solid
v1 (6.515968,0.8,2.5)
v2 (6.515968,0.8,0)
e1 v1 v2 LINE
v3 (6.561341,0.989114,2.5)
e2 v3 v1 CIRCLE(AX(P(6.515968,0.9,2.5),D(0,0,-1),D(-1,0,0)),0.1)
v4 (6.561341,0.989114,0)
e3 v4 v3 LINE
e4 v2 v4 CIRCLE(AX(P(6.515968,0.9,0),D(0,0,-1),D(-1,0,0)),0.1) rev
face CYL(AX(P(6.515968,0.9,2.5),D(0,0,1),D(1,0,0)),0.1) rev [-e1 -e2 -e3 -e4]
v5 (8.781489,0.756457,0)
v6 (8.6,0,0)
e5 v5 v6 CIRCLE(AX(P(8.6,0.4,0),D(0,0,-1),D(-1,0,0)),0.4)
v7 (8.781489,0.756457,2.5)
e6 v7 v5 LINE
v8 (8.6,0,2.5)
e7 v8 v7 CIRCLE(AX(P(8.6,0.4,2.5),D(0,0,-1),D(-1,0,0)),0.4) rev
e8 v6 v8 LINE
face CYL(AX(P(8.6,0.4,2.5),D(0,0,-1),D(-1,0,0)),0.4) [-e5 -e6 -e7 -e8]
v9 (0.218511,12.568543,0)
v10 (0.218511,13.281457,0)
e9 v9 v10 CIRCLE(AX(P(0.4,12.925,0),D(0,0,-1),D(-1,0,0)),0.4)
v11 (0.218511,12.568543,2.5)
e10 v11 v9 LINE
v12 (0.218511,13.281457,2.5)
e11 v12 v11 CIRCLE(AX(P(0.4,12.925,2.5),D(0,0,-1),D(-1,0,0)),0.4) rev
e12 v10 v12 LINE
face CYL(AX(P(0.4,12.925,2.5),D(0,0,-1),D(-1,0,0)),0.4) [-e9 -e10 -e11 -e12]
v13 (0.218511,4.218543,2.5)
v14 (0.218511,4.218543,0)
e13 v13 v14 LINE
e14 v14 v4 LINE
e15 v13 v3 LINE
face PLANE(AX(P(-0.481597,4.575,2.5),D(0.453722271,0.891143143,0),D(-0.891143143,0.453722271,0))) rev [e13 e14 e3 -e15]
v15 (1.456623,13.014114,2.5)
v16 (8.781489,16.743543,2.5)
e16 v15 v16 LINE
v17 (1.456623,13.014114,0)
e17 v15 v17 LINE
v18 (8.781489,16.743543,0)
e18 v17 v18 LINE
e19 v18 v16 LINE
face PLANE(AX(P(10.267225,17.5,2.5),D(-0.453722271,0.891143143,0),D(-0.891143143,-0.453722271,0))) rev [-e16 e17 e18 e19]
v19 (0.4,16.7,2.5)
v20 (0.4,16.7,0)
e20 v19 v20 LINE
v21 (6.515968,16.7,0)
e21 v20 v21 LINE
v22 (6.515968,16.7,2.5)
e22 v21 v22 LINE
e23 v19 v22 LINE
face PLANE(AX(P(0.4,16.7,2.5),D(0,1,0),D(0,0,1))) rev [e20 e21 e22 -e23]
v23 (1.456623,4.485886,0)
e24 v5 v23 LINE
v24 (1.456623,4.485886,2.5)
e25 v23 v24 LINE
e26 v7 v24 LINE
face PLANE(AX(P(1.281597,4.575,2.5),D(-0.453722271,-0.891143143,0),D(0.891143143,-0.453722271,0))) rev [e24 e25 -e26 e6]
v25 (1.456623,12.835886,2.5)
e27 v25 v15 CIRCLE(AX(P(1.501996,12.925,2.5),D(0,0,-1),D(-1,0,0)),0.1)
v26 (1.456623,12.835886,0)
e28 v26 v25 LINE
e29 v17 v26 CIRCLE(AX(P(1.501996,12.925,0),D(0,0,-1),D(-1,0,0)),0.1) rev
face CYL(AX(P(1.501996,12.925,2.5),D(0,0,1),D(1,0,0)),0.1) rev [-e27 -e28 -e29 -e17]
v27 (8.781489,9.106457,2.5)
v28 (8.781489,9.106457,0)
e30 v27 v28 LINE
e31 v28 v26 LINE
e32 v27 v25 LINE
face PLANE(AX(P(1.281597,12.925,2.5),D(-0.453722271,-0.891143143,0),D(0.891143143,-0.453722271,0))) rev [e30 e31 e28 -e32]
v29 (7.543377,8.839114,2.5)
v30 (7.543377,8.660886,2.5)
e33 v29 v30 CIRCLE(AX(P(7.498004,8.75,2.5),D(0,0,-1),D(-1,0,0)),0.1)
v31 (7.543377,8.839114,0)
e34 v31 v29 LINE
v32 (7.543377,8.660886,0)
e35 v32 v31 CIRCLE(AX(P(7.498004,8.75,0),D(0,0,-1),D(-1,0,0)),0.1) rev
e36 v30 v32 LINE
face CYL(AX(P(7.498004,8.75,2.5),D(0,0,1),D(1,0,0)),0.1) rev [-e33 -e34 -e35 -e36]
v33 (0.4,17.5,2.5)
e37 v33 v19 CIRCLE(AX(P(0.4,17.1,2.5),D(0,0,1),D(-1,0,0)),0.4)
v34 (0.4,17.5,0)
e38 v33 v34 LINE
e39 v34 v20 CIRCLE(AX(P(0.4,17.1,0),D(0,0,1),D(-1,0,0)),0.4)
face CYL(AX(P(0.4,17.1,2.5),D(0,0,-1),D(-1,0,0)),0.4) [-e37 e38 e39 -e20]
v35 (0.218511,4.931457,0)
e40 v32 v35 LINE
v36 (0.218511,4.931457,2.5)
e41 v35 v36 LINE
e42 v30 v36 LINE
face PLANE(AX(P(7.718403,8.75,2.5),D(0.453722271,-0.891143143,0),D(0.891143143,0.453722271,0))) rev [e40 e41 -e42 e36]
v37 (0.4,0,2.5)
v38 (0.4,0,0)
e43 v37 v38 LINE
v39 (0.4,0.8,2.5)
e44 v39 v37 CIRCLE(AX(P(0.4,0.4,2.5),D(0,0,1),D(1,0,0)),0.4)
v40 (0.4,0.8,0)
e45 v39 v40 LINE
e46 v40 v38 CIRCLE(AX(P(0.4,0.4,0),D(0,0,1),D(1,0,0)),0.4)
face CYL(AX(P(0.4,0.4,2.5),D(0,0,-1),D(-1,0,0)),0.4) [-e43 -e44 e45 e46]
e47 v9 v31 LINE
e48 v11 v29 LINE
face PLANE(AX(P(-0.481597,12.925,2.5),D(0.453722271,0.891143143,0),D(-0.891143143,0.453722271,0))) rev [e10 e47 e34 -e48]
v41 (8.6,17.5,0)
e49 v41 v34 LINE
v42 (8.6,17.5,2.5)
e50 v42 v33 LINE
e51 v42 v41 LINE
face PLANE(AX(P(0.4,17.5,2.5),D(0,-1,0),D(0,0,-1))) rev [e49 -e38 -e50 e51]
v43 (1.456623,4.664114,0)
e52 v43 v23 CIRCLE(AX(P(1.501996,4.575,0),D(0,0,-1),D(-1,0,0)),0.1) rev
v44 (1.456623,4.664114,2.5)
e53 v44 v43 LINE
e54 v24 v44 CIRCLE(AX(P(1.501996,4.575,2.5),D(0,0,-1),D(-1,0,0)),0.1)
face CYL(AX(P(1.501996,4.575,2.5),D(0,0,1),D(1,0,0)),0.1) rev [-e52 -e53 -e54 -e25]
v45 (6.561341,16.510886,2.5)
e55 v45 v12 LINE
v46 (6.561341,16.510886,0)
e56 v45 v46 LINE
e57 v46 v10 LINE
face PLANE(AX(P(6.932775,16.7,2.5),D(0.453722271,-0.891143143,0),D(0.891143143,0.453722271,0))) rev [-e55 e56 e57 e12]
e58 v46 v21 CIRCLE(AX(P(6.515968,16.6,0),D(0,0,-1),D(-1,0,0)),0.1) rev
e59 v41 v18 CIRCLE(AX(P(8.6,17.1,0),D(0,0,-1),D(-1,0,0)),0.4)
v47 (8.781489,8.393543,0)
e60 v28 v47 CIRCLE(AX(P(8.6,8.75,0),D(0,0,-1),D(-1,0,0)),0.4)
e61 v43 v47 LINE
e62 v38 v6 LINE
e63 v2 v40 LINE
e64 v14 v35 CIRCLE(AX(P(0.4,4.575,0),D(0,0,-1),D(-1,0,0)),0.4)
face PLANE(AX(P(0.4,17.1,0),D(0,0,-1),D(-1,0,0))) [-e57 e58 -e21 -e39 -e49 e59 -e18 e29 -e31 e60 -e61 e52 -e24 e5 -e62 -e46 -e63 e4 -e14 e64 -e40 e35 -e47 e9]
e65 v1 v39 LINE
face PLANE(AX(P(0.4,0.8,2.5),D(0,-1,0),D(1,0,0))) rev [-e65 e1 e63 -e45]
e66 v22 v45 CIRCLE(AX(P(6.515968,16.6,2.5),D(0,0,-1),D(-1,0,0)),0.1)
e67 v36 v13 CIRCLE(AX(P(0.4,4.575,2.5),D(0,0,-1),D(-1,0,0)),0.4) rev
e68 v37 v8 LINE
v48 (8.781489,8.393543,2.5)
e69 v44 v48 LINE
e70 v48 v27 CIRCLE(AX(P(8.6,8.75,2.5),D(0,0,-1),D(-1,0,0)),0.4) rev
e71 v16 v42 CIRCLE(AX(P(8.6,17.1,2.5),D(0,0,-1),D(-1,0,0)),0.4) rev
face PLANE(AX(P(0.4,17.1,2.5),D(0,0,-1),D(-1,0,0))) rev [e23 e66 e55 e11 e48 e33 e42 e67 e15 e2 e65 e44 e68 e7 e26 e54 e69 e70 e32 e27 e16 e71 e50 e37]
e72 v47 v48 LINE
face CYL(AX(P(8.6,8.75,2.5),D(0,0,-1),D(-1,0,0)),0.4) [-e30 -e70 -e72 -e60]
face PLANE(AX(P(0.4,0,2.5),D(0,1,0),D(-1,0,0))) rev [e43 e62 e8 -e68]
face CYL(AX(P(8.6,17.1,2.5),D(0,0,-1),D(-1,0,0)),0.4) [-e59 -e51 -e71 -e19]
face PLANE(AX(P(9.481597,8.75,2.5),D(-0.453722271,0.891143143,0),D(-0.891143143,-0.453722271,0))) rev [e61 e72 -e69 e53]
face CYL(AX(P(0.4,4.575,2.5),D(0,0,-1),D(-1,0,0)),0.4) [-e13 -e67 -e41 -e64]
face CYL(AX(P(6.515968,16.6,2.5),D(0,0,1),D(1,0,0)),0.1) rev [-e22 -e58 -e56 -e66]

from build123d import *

# Parameters (mm, degrees)
BOSS_EXTRUDE1_DEPTH = 2.5
FILLET1_R           = 0.4
FILLET2_R           = 0.1


with BuildPart() as part:
    # Sketch2 → Boss-Extrude1 (new body)
    with BuildSketch(Plane.XY):
        with BuildLine():
            Line((0.4, 16.7), (6.932774682, 16.7))
            Line((6.932774682, 16.7), (-0.481596575, 12.925))
            Line((-0.481596575, 12.925), (7.718403425, 8.75))
            Line((7.718403425, 8.75), (-0.481596575, 4.575))
            Line((-0.481596575, 4.575), (6.932774682, 0.8))
            Line((6.932774682, 0.8), (0.4, 0.8))
            ThreePointArc((0.4, 0.8), (0, 0.4), (0.4, 0))
            Line((0.4, 0), (10.267225318, 0))
            Line((10.267225318, 0), (1.281596575, 4.575))
            Line((1.281596575, 4.575), (9.481596575, 8.75))
            Line((9.481596575, 8.75), (1.281596575, 12.925))
            Line((1.281596575, 12.925), (10.267225318, 17.5))
            Line((10.267225318, 17.5), (0.4, 17.5))
            ThreePointArc((0.4, 17.5), (0, 17.1), (0.4, 16.7))
        make_face()
    extrude(amount=BOSS_EXTRUDE1_DEPTH)

    # Fillet1
    fillet1_edges = [part.edges().sort_by_distance(p)[0] for p in [
        (10.267225318, 17.5, 1.25),
        (9.481596575, 8.75, 1.25),
        (10.267225318, 0, 1.25),
        (-0.481596575, 4.575, 1.25),
        (-0.481596575, 12.925, 1.25),
    ]]
    fillet(fillet1_edges, radius=FILLET1_R)

    # Fillet2
    fillet2_edges = [part.edges().sort_by_distance(p)[0] for p in [
        (1.281596575, 12.925, 1.25),
        (1.281596575, 4.575, 1.25),
        (6.932774682, 0.8, 1.25),
        (7.718403425, 8.75, 1.25),
        (6.932774682, 16.7, 1.25),
    ]]
    fillet(fillet2_edges, radius=FILLET2_R)


solid = part.part
